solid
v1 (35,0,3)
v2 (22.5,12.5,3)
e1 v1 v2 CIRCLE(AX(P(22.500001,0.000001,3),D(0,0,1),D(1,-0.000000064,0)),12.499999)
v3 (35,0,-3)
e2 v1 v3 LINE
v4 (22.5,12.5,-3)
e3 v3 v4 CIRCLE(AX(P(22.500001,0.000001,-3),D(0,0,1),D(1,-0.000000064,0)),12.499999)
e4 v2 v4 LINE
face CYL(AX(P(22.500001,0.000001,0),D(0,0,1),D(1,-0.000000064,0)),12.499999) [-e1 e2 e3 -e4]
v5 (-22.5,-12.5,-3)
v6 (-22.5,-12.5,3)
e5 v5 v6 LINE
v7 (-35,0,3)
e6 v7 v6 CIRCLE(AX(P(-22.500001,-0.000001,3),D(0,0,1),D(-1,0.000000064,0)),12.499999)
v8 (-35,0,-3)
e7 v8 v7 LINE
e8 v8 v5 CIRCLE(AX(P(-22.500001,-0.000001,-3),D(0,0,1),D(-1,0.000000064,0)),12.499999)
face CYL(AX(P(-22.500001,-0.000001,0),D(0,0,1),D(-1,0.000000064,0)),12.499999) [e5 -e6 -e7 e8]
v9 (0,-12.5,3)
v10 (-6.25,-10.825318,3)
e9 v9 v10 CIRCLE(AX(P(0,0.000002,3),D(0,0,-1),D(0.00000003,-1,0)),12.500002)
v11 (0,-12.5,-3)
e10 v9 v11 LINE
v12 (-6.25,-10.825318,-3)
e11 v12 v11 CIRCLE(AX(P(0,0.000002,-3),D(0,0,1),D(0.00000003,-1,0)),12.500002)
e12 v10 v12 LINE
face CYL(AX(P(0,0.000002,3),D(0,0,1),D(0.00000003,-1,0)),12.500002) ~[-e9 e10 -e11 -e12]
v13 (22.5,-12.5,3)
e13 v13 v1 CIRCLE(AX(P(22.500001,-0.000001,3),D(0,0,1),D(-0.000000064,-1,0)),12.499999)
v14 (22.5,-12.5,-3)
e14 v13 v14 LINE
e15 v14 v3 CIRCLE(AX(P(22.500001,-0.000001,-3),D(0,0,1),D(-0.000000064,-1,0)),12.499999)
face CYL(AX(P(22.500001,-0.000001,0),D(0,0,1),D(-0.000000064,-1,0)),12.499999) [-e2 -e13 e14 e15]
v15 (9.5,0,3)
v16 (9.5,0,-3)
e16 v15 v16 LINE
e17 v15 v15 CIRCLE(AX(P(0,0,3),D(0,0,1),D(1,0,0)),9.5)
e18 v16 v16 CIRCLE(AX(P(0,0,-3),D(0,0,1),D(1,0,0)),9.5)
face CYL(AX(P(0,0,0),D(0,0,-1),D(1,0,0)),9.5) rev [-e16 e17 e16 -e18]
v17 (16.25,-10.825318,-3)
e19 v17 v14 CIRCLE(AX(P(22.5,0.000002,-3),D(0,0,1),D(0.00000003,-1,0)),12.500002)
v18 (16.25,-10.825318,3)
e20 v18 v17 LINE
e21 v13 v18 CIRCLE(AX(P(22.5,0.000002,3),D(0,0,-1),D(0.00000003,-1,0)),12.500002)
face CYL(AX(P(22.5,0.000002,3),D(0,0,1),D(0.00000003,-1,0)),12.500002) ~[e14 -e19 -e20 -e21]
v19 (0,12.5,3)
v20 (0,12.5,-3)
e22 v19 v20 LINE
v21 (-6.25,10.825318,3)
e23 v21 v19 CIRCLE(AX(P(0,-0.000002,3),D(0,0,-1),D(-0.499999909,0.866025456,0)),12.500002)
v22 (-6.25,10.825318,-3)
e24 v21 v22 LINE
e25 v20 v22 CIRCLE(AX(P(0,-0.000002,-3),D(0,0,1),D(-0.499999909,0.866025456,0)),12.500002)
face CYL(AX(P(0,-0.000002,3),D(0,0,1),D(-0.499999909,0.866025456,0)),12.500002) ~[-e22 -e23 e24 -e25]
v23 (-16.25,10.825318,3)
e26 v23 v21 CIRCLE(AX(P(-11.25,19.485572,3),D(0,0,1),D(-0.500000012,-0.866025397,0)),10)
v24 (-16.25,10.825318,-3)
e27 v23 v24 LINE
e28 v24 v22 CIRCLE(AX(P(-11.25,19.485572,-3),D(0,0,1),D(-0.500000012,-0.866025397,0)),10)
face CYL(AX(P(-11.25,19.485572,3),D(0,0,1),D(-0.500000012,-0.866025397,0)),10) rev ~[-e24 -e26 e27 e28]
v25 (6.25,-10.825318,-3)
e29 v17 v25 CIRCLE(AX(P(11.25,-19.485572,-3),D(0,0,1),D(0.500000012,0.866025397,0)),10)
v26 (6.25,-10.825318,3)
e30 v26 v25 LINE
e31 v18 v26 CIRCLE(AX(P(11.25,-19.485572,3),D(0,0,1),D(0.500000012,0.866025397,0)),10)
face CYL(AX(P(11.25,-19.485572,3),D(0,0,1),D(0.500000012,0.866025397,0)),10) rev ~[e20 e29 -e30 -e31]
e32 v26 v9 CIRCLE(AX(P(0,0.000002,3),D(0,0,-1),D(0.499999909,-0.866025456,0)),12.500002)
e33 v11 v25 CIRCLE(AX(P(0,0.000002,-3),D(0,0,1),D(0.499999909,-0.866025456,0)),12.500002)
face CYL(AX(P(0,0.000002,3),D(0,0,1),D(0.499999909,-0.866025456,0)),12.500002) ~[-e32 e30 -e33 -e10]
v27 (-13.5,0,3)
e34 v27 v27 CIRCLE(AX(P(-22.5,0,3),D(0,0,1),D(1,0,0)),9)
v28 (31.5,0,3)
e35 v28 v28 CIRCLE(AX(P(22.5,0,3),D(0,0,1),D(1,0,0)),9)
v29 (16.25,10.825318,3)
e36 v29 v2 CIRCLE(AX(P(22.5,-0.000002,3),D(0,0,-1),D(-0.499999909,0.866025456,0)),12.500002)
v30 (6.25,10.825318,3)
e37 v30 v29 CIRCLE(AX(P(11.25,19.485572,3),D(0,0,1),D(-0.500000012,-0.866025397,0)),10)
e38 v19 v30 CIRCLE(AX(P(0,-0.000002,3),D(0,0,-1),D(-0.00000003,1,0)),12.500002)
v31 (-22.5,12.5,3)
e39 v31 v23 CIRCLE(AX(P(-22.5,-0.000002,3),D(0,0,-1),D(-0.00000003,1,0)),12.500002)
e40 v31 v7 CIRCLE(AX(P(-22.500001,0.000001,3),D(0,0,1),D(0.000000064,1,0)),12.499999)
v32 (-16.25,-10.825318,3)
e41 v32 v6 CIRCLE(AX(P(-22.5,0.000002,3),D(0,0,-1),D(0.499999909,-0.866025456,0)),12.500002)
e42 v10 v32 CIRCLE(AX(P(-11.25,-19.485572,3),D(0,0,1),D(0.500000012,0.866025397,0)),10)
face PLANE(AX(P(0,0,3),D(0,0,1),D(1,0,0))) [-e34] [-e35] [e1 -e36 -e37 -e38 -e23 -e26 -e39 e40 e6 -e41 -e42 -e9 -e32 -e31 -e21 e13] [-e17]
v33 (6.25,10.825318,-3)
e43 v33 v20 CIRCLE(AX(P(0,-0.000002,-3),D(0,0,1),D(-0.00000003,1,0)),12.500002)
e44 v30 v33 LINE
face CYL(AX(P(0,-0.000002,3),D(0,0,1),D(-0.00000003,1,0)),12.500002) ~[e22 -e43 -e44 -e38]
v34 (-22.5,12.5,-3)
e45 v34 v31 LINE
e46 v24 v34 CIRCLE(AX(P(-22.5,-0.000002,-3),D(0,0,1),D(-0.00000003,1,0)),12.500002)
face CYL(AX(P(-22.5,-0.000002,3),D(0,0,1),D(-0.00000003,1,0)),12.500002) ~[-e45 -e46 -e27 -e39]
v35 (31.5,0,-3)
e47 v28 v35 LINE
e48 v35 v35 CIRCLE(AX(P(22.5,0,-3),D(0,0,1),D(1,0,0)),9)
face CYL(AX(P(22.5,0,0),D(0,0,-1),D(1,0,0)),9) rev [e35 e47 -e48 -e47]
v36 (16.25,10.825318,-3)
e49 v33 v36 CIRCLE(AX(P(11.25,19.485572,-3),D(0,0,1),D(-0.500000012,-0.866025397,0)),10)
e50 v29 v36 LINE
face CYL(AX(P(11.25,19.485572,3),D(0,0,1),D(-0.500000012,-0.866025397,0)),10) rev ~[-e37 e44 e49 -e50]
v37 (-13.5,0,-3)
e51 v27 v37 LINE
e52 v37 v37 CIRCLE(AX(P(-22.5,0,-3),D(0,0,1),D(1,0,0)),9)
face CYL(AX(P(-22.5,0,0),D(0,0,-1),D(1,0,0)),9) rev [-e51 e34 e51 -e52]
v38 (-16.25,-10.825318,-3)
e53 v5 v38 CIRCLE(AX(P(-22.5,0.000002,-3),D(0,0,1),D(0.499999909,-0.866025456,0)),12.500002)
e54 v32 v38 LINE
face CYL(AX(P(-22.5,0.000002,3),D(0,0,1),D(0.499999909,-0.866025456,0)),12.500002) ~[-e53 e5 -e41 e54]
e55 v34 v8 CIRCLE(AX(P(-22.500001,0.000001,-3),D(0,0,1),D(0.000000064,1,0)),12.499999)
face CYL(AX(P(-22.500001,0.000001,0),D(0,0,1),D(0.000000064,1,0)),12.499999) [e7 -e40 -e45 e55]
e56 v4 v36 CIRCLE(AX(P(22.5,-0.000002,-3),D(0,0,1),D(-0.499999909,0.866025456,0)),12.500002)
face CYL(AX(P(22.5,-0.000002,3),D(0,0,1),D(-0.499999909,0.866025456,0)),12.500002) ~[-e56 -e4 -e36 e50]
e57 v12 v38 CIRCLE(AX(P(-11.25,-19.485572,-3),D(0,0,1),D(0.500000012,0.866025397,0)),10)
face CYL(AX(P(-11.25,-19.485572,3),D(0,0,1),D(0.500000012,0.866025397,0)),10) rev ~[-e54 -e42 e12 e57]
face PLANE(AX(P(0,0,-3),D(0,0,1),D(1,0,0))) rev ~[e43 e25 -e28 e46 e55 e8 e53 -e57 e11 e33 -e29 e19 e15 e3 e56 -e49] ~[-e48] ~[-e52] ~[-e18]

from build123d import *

# Parameters (mm, degrees)
F0_R     = 9
F0_R_2   = 9.5
F1_DEPTH = 3
F3_DEPTH = 6.001


with BuildPart() as f1:
    # F0 (on Top) → F1 (new body, symmetric)
    with BuildSketch(Plane.XY):
        with BuildLine():
            Line((22.5, 12.5), (-22.5, 12.5))
            ThreePointArc((-22.5, 12.5), (-31.338835, 8.838835), (-35, 0))
            ThreePointArc((-35, 0), (-31.338835, -8.838835), (-22.5, -12.5))
            Line((-22.5, -12.5), (22.5, -12.5))
            ThreePointArc((22.5, -12.5), (31.338835, -8.838835), (35, 0))
            ThreePointArc((35, 0), (31.338835, 8.838835), (22.5, 12.5))
        make_face()
        with Locations((-22.5, 0)):
            Circle(F0_R, mode=Mode.SUBTRACT)
        Circle(F0_R_2, mode=Mode.SUBTRACT)
        with Locations((22.5, 0)):
            Circle(F0_R, mode=Mode.SUBTRACT)
    extrude(amount=F1_DEPTH, both=True)

    # F2 (on face) → F3 (cut, through all)
    with BuildSketch(Plane.XY.offset(3)):
        with BuildLine():
            Line((22.5, 12.5), (0, 12.5))
            ThreePointArc((0, 12.5), (3.235238, 12.074073), (6.25, 10.825318))
            ThreePointArc((6.25, 10.825318), (11.25, 9.485572), (16.25, 10.825318))
            ThreePointArc((16.25, 10.825318), (19.264762, 12.074073), (22.5, 12.5))
        make_face()
        with BuildLine():
            ThreePointArc((-22.5, 12.5), (-19.264762, 12.074073), (-16.25, 10.825318))
            ThreePointArc((-16.25, 10.825318), (-11.25, 9.485572), (-6.25, 10.825318))
            ThreePointArc((-6.25, 10.825318), (-3.235238, 12.074073), (0, 12.5))
            Line((0, 12.5), (-22.5, 12.5))
        make_face()
        with BuildLine():
            ThreePointArc((6.25, -10.825318), (3.235238, -12.074073), (0, -12.5))
            Line((0, -12.5), (22.5, -12.5))
            ThreePointArc((22.5, -12.5), (19.264762, -12.074073), (16.25, -10.825318))
            ThreePointArc((16.25, -10.825318), (11.25, -9.485572), (6.25, -10.825318))
        make_face()
        with BuildLine():
            ThreePointArc((-16.25, -10.825318), (-19.264762, -12.074073), (-22.5, -12.5))
            Line((-22.5, -12.5), (0, -12.5))
            ThreePointArc((0, -12.5), (-3.235238, -12.074073), (-6.25, -10.825318))
            ThreePointArc((-6.25, -10.825318), (-11.25, -9.485572), (-16.25, -10.825318))
        make_face()
    extrude(amount=-F3_DEPTH, mode=Mode.SUBTRACT)


solid = f1.part
